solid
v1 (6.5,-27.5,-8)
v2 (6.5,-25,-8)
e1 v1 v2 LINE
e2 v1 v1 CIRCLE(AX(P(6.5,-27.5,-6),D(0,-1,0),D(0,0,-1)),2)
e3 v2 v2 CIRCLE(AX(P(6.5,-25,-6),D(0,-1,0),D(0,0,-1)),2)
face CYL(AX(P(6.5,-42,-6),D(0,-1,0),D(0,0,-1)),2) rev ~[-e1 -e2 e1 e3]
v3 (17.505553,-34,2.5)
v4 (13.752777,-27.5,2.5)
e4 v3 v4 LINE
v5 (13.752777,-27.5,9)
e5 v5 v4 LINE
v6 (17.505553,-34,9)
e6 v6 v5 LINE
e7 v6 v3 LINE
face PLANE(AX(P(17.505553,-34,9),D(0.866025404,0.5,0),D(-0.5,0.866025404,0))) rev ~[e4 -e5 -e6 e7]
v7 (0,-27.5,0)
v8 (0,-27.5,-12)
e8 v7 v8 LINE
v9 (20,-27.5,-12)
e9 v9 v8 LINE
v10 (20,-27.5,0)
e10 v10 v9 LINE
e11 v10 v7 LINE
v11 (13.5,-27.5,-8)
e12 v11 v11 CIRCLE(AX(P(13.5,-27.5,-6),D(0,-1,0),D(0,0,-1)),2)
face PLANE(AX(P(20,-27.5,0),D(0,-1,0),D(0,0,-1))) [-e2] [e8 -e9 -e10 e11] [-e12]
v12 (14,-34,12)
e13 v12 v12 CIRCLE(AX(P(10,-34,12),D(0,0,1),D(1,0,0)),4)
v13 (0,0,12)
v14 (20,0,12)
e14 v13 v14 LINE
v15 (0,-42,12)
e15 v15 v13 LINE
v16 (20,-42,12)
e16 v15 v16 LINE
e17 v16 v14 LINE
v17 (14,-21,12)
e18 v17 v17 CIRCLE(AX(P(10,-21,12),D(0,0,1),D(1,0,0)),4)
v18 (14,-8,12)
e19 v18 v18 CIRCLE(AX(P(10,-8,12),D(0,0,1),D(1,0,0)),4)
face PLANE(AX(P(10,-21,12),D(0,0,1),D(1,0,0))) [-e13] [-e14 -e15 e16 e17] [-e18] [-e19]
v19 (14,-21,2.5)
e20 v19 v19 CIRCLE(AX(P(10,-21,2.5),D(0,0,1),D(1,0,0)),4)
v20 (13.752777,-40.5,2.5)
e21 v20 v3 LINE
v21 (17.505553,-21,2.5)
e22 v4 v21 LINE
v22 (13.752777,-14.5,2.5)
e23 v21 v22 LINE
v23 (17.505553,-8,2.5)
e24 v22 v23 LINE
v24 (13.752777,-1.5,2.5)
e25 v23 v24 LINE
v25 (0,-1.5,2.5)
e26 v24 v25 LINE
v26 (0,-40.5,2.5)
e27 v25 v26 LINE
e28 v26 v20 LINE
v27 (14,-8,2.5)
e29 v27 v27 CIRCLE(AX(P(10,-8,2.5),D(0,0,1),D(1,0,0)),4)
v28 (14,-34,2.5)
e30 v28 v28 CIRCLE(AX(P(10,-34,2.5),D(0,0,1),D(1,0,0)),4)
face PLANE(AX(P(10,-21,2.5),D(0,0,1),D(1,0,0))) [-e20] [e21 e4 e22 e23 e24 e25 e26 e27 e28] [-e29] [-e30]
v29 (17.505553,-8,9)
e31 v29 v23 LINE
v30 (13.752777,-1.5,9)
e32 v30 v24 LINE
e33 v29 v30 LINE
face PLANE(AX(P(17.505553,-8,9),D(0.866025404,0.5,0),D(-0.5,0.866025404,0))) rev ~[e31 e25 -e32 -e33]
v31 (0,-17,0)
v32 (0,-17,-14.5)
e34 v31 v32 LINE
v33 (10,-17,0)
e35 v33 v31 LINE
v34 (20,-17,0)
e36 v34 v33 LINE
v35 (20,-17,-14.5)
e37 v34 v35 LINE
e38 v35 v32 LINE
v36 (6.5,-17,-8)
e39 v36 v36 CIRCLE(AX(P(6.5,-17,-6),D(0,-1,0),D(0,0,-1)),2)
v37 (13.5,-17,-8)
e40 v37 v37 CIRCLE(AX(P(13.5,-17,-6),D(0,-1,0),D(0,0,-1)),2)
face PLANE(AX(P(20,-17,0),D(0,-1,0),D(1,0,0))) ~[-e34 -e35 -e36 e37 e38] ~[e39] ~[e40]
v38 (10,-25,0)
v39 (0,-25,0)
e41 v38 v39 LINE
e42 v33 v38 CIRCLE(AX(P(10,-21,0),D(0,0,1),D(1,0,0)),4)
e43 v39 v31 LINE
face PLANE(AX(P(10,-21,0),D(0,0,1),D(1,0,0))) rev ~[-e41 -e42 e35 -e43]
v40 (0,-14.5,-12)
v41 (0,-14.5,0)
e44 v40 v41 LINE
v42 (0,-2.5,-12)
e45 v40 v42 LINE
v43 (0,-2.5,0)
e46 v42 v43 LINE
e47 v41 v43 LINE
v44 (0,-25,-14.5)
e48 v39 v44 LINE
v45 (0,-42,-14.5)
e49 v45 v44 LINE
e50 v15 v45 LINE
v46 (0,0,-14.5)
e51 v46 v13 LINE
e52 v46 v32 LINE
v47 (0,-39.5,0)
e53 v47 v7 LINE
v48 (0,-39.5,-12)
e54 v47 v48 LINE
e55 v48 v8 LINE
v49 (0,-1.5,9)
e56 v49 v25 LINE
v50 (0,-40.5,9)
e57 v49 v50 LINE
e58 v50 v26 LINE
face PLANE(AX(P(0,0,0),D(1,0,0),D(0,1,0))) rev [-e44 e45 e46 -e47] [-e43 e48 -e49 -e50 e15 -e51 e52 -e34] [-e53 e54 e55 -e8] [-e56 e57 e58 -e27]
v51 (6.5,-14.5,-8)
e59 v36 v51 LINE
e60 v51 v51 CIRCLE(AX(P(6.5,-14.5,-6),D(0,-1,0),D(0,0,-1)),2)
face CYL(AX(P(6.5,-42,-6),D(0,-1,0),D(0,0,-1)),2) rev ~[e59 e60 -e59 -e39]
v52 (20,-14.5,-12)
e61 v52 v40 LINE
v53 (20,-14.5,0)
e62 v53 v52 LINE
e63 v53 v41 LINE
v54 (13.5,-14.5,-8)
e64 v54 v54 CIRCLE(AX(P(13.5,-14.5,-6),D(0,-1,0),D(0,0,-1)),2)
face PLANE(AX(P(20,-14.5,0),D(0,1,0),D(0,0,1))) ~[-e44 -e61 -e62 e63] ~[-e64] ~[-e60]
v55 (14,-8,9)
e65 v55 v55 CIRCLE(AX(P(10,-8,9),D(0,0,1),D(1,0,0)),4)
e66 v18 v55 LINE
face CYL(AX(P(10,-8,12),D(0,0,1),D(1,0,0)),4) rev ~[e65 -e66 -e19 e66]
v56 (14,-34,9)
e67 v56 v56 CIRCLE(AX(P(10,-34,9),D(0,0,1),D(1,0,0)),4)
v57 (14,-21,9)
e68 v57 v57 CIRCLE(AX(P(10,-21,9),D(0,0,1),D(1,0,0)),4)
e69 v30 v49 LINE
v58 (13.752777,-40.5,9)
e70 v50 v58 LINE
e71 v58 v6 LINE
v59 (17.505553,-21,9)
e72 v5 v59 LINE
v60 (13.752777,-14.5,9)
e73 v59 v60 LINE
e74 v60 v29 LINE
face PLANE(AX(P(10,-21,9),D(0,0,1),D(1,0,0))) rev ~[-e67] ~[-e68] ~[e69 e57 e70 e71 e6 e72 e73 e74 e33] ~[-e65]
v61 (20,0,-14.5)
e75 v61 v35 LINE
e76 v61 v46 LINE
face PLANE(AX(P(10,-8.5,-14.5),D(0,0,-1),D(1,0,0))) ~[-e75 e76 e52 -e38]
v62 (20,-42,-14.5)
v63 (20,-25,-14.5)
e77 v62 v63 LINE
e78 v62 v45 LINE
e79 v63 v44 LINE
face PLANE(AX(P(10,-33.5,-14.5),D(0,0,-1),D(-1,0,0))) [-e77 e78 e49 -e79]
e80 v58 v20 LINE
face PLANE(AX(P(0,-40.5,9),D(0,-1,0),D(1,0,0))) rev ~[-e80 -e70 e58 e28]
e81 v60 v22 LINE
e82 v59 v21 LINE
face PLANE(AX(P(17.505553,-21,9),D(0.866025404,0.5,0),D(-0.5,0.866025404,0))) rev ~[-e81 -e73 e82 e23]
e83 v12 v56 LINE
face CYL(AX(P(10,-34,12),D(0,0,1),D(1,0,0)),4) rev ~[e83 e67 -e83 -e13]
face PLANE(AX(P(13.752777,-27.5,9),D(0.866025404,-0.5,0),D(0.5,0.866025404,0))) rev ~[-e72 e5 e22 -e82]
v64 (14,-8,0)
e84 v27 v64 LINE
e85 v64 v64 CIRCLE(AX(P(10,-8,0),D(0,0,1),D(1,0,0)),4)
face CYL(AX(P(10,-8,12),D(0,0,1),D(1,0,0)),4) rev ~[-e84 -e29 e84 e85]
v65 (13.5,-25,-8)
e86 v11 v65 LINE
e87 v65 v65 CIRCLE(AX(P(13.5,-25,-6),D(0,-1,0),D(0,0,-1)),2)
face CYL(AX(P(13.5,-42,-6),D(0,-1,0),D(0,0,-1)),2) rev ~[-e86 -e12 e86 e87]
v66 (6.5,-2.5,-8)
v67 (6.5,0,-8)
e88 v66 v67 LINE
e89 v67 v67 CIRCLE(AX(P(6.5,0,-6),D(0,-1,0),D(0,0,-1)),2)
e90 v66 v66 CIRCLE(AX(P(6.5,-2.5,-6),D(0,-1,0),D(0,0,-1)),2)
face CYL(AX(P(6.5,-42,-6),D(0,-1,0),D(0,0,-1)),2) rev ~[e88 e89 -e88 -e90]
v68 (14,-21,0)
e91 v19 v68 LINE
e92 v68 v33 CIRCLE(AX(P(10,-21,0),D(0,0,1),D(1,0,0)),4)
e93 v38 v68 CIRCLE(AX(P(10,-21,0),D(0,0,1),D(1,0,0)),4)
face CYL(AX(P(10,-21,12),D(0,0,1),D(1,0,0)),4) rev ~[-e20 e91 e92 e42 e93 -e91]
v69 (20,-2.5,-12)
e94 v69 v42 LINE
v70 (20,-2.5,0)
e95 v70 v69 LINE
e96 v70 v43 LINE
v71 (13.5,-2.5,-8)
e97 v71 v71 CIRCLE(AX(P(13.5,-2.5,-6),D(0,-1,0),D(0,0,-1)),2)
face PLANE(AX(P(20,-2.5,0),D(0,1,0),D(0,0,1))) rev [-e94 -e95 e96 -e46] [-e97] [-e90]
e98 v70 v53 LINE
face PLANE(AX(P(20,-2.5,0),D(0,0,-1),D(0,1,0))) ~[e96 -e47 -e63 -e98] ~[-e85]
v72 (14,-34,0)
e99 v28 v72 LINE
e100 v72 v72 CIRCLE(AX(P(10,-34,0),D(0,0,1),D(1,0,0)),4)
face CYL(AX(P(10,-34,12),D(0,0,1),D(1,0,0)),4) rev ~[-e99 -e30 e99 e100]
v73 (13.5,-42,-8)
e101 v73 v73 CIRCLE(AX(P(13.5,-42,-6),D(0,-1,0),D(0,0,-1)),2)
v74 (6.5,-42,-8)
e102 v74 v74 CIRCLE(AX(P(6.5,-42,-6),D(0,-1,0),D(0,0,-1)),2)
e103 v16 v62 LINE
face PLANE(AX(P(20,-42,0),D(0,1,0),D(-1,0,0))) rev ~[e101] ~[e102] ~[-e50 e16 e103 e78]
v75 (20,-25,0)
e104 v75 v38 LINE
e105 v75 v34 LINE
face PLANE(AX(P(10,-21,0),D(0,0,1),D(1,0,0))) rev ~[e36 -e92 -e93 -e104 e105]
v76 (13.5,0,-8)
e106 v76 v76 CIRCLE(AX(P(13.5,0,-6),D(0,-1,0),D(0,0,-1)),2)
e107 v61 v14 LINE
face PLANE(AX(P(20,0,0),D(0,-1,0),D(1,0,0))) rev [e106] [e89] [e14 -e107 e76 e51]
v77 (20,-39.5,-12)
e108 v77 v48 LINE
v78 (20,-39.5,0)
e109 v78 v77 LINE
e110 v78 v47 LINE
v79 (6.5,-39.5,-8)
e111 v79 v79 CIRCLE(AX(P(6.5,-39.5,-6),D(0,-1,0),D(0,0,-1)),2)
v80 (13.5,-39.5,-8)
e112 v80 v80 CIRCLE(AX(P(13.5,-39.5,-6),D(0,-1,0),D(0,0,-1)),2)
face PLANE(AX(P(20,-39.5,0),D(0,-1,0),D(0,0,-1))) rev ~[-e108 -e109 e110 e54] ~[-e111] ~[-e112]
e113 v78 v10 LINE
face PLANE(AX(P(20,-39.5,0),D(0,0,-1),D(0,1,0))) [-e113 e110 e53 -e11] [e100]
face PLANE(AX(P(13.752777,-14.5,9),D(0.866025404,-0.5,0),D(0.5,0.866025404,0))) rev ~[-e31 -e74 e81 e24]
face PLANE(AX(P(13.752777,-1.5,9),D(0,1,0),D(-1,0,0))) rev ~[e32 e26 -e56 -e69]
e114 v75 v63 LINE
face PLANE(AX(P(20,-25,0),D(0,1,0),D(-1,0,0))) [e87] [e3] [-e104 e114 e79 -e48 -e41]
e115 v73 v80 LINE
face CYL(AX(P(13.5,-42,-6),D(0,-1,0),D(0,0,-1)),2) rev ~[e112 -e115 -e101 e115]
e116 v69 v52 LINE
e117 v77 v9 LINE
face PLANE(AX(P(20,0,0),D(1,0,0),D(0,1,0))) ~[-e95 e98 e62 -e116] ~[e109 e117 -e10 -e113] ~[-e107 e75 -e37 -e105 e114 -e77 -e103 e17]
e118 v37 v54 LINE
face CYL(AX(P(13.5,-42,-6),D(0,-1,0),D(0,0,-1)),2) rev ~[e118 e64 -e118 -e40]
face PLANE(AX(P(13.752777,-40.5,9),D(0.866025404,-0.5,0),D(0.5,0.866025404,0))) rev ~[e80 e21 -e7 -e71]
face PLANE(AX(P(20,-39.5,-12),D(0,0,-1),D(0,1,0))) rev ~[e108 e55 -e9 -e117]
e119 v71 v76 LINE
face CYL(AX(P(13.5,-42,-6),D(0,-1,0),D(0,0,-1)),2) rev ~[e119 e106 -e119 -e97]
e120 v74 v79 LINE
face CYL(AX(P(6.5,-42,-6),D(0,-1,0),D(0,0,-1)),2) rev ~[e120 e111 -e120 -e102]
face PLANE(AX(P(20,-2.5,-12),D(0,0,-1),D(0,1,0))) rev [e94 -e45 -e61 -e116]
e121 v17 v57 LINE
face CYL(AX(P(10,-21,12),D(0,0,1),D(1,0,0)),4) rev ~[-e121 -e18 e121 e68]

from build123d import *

# Parameters (mm, degrees)
ESQUISSE1_W             = 20
ESQUISSE1_H             = 42
BOSS_EXTRU_1_DEPTH      = 12
ESQUISSE2_W             = 20
ESQUISSE2_H             = 17
BOSS_EXTRU_3_DEPTH      = 14.5
ESQUISSE3_W             = 12
ESQUISSE3_H             = 12
ENL_V_MAT_EXTRU_3_DEPTH = 49.726276279
ESQUISSE4_R             = 2
ENL_V_MAT_EXTRU_4_DEPTH = 42
ENL_V_START             = -3
ENL_V_MAT_EXTRU_5_DEPTH = 6.5
ESQUISSE6_R             = 4
ENL_V_MAT_EXTRU_6_DEPTH = 13.5


with BuildPart() as part:
    # Esquisse1 → Boss.-Extru.1 (new body)
    with BuildSketch(Plane.XY):
        with Locations((10, -21)):
            Rectangle(ESQUISSE1_W, ESQUISSE1_H)
    extrude(amount=BOSS_EXTRU_1_DEPTH)

    # Esquisse2 → Boss.-Extru.3 (add)
    with BuildSketch(Plane(origin=(0, 0, 0), x_dir=(-1, 0, 0), z_dir=(0, 0, -1))):
        with Locations((-10, -33.5)):
            Rectangle(ESQUISSE2_W, ESQUISSE2_H)
    boss_extru_3 = extrude(amount=BOSS_EXTRU_3_DEPTH)

    # Esquisse3 → Enlèv. mat.-Extru.3 (cut, through all)
    with BuildSketch(Plane(origin=(20, 0, 0), x_dir=(0, 0, -1), z_dir=(1, 0, 0))):
        with Locations((6, -33.5)):
            Rectangle(ESQUISSE3_W, ESQUISSE3_H)
    enl_v_mat_extru_3 = extrude(amount=-ENL_V_MAT_EXTRU_3_DEPTH, mode=Mode.SUBTRACT)

    # Symétrie1: Boss.-Extru.3, Enlèv. mat.-Extru.3 across plane
    add(boss_extru_3.mirror(Plane(origin=(0, -21, 0), x_dir=(0, 0, 1), z_dir=(0, -1, 0))))
    add(enl_v_mat_extru_3.mirror(Plane(origin=(0, -21, 0), x_dir=(0, 0, 1), z_dir=(0, -1, 0))), mode=Mode.SUBTRACT)

    # Esquisse4 → Enlèv. mat.-Extru.4 (cut)
    with BuildSketch(Plane.XZ.offset(42)):
        with Locations(Location((13.5, -6, 0), (0, 0, 270))):
            Circle(ESQUISSE4_R)
        with Locations(Location((6.5, -6, 0), (0, 0, 270))):
            Circle(ESQUISSE4_R)
    extrude(amount=-ENL_V_MAT_EXTRU_4_DEPTH, mode=Mode.SUBTRACT)

    # Esquisse5 → Enlèv. mat.-Extru.5 (cut)
    with BuildSketch(Plane.XY.offset(12).offset(ENL_V_START)):
        Polygon((13.75277675, -27.5), (17.505553499, -21), (13.75277675, -14.5), (6.24722325, -14.5), (2.494446501, -21), (6.24722325, -27.5), align=None)
        Polygon((6.24722325, -27.5), (2.494446501, -34), (6.24722325, -40.5), (13.75277675, -40.5), (17.505553499, -34), (13.75277675, -27.5), align=None)
        Polygon((0, -40.5), (6.24722325, -40.5), (2.494446501, -34), (6.24722325, -27.5), (2.494446501, -21), (6.24722325, -14.5), (2.494446501, -8), (6.24722325, -1.5), (0, -1.5), align=None)
        Polygon((2.494446501, -8), (6.24722325, -14.5), (13.75277675, -14.5), (17.505553499, -8), (13.75277675, -1.5), (6.24722325, -1.5), align=None)
    extrude(amount=-ENL_V_MAT_EXTRU_5_DEPTH, mode=Mode.SUBTRACT)

    # Esquisse6 → Enlèv. mat.-Extru.6 (cut)
    with BuildSketch(Plane.XY.offset(12)):
        with Locations((10, -34)):
            Circle(ESQUISSE6_R)
        with Locations((10, -21)):
            Circle(ESQUISSE6_R)
        with Locations((10, -8)):
            Circle(ESQUISSE6_R)
    extrude(amount=-ENL_V_MAT_EXTRU_6_DEPTH, mode=Mode.SUBTRACT)


solid = part.part
